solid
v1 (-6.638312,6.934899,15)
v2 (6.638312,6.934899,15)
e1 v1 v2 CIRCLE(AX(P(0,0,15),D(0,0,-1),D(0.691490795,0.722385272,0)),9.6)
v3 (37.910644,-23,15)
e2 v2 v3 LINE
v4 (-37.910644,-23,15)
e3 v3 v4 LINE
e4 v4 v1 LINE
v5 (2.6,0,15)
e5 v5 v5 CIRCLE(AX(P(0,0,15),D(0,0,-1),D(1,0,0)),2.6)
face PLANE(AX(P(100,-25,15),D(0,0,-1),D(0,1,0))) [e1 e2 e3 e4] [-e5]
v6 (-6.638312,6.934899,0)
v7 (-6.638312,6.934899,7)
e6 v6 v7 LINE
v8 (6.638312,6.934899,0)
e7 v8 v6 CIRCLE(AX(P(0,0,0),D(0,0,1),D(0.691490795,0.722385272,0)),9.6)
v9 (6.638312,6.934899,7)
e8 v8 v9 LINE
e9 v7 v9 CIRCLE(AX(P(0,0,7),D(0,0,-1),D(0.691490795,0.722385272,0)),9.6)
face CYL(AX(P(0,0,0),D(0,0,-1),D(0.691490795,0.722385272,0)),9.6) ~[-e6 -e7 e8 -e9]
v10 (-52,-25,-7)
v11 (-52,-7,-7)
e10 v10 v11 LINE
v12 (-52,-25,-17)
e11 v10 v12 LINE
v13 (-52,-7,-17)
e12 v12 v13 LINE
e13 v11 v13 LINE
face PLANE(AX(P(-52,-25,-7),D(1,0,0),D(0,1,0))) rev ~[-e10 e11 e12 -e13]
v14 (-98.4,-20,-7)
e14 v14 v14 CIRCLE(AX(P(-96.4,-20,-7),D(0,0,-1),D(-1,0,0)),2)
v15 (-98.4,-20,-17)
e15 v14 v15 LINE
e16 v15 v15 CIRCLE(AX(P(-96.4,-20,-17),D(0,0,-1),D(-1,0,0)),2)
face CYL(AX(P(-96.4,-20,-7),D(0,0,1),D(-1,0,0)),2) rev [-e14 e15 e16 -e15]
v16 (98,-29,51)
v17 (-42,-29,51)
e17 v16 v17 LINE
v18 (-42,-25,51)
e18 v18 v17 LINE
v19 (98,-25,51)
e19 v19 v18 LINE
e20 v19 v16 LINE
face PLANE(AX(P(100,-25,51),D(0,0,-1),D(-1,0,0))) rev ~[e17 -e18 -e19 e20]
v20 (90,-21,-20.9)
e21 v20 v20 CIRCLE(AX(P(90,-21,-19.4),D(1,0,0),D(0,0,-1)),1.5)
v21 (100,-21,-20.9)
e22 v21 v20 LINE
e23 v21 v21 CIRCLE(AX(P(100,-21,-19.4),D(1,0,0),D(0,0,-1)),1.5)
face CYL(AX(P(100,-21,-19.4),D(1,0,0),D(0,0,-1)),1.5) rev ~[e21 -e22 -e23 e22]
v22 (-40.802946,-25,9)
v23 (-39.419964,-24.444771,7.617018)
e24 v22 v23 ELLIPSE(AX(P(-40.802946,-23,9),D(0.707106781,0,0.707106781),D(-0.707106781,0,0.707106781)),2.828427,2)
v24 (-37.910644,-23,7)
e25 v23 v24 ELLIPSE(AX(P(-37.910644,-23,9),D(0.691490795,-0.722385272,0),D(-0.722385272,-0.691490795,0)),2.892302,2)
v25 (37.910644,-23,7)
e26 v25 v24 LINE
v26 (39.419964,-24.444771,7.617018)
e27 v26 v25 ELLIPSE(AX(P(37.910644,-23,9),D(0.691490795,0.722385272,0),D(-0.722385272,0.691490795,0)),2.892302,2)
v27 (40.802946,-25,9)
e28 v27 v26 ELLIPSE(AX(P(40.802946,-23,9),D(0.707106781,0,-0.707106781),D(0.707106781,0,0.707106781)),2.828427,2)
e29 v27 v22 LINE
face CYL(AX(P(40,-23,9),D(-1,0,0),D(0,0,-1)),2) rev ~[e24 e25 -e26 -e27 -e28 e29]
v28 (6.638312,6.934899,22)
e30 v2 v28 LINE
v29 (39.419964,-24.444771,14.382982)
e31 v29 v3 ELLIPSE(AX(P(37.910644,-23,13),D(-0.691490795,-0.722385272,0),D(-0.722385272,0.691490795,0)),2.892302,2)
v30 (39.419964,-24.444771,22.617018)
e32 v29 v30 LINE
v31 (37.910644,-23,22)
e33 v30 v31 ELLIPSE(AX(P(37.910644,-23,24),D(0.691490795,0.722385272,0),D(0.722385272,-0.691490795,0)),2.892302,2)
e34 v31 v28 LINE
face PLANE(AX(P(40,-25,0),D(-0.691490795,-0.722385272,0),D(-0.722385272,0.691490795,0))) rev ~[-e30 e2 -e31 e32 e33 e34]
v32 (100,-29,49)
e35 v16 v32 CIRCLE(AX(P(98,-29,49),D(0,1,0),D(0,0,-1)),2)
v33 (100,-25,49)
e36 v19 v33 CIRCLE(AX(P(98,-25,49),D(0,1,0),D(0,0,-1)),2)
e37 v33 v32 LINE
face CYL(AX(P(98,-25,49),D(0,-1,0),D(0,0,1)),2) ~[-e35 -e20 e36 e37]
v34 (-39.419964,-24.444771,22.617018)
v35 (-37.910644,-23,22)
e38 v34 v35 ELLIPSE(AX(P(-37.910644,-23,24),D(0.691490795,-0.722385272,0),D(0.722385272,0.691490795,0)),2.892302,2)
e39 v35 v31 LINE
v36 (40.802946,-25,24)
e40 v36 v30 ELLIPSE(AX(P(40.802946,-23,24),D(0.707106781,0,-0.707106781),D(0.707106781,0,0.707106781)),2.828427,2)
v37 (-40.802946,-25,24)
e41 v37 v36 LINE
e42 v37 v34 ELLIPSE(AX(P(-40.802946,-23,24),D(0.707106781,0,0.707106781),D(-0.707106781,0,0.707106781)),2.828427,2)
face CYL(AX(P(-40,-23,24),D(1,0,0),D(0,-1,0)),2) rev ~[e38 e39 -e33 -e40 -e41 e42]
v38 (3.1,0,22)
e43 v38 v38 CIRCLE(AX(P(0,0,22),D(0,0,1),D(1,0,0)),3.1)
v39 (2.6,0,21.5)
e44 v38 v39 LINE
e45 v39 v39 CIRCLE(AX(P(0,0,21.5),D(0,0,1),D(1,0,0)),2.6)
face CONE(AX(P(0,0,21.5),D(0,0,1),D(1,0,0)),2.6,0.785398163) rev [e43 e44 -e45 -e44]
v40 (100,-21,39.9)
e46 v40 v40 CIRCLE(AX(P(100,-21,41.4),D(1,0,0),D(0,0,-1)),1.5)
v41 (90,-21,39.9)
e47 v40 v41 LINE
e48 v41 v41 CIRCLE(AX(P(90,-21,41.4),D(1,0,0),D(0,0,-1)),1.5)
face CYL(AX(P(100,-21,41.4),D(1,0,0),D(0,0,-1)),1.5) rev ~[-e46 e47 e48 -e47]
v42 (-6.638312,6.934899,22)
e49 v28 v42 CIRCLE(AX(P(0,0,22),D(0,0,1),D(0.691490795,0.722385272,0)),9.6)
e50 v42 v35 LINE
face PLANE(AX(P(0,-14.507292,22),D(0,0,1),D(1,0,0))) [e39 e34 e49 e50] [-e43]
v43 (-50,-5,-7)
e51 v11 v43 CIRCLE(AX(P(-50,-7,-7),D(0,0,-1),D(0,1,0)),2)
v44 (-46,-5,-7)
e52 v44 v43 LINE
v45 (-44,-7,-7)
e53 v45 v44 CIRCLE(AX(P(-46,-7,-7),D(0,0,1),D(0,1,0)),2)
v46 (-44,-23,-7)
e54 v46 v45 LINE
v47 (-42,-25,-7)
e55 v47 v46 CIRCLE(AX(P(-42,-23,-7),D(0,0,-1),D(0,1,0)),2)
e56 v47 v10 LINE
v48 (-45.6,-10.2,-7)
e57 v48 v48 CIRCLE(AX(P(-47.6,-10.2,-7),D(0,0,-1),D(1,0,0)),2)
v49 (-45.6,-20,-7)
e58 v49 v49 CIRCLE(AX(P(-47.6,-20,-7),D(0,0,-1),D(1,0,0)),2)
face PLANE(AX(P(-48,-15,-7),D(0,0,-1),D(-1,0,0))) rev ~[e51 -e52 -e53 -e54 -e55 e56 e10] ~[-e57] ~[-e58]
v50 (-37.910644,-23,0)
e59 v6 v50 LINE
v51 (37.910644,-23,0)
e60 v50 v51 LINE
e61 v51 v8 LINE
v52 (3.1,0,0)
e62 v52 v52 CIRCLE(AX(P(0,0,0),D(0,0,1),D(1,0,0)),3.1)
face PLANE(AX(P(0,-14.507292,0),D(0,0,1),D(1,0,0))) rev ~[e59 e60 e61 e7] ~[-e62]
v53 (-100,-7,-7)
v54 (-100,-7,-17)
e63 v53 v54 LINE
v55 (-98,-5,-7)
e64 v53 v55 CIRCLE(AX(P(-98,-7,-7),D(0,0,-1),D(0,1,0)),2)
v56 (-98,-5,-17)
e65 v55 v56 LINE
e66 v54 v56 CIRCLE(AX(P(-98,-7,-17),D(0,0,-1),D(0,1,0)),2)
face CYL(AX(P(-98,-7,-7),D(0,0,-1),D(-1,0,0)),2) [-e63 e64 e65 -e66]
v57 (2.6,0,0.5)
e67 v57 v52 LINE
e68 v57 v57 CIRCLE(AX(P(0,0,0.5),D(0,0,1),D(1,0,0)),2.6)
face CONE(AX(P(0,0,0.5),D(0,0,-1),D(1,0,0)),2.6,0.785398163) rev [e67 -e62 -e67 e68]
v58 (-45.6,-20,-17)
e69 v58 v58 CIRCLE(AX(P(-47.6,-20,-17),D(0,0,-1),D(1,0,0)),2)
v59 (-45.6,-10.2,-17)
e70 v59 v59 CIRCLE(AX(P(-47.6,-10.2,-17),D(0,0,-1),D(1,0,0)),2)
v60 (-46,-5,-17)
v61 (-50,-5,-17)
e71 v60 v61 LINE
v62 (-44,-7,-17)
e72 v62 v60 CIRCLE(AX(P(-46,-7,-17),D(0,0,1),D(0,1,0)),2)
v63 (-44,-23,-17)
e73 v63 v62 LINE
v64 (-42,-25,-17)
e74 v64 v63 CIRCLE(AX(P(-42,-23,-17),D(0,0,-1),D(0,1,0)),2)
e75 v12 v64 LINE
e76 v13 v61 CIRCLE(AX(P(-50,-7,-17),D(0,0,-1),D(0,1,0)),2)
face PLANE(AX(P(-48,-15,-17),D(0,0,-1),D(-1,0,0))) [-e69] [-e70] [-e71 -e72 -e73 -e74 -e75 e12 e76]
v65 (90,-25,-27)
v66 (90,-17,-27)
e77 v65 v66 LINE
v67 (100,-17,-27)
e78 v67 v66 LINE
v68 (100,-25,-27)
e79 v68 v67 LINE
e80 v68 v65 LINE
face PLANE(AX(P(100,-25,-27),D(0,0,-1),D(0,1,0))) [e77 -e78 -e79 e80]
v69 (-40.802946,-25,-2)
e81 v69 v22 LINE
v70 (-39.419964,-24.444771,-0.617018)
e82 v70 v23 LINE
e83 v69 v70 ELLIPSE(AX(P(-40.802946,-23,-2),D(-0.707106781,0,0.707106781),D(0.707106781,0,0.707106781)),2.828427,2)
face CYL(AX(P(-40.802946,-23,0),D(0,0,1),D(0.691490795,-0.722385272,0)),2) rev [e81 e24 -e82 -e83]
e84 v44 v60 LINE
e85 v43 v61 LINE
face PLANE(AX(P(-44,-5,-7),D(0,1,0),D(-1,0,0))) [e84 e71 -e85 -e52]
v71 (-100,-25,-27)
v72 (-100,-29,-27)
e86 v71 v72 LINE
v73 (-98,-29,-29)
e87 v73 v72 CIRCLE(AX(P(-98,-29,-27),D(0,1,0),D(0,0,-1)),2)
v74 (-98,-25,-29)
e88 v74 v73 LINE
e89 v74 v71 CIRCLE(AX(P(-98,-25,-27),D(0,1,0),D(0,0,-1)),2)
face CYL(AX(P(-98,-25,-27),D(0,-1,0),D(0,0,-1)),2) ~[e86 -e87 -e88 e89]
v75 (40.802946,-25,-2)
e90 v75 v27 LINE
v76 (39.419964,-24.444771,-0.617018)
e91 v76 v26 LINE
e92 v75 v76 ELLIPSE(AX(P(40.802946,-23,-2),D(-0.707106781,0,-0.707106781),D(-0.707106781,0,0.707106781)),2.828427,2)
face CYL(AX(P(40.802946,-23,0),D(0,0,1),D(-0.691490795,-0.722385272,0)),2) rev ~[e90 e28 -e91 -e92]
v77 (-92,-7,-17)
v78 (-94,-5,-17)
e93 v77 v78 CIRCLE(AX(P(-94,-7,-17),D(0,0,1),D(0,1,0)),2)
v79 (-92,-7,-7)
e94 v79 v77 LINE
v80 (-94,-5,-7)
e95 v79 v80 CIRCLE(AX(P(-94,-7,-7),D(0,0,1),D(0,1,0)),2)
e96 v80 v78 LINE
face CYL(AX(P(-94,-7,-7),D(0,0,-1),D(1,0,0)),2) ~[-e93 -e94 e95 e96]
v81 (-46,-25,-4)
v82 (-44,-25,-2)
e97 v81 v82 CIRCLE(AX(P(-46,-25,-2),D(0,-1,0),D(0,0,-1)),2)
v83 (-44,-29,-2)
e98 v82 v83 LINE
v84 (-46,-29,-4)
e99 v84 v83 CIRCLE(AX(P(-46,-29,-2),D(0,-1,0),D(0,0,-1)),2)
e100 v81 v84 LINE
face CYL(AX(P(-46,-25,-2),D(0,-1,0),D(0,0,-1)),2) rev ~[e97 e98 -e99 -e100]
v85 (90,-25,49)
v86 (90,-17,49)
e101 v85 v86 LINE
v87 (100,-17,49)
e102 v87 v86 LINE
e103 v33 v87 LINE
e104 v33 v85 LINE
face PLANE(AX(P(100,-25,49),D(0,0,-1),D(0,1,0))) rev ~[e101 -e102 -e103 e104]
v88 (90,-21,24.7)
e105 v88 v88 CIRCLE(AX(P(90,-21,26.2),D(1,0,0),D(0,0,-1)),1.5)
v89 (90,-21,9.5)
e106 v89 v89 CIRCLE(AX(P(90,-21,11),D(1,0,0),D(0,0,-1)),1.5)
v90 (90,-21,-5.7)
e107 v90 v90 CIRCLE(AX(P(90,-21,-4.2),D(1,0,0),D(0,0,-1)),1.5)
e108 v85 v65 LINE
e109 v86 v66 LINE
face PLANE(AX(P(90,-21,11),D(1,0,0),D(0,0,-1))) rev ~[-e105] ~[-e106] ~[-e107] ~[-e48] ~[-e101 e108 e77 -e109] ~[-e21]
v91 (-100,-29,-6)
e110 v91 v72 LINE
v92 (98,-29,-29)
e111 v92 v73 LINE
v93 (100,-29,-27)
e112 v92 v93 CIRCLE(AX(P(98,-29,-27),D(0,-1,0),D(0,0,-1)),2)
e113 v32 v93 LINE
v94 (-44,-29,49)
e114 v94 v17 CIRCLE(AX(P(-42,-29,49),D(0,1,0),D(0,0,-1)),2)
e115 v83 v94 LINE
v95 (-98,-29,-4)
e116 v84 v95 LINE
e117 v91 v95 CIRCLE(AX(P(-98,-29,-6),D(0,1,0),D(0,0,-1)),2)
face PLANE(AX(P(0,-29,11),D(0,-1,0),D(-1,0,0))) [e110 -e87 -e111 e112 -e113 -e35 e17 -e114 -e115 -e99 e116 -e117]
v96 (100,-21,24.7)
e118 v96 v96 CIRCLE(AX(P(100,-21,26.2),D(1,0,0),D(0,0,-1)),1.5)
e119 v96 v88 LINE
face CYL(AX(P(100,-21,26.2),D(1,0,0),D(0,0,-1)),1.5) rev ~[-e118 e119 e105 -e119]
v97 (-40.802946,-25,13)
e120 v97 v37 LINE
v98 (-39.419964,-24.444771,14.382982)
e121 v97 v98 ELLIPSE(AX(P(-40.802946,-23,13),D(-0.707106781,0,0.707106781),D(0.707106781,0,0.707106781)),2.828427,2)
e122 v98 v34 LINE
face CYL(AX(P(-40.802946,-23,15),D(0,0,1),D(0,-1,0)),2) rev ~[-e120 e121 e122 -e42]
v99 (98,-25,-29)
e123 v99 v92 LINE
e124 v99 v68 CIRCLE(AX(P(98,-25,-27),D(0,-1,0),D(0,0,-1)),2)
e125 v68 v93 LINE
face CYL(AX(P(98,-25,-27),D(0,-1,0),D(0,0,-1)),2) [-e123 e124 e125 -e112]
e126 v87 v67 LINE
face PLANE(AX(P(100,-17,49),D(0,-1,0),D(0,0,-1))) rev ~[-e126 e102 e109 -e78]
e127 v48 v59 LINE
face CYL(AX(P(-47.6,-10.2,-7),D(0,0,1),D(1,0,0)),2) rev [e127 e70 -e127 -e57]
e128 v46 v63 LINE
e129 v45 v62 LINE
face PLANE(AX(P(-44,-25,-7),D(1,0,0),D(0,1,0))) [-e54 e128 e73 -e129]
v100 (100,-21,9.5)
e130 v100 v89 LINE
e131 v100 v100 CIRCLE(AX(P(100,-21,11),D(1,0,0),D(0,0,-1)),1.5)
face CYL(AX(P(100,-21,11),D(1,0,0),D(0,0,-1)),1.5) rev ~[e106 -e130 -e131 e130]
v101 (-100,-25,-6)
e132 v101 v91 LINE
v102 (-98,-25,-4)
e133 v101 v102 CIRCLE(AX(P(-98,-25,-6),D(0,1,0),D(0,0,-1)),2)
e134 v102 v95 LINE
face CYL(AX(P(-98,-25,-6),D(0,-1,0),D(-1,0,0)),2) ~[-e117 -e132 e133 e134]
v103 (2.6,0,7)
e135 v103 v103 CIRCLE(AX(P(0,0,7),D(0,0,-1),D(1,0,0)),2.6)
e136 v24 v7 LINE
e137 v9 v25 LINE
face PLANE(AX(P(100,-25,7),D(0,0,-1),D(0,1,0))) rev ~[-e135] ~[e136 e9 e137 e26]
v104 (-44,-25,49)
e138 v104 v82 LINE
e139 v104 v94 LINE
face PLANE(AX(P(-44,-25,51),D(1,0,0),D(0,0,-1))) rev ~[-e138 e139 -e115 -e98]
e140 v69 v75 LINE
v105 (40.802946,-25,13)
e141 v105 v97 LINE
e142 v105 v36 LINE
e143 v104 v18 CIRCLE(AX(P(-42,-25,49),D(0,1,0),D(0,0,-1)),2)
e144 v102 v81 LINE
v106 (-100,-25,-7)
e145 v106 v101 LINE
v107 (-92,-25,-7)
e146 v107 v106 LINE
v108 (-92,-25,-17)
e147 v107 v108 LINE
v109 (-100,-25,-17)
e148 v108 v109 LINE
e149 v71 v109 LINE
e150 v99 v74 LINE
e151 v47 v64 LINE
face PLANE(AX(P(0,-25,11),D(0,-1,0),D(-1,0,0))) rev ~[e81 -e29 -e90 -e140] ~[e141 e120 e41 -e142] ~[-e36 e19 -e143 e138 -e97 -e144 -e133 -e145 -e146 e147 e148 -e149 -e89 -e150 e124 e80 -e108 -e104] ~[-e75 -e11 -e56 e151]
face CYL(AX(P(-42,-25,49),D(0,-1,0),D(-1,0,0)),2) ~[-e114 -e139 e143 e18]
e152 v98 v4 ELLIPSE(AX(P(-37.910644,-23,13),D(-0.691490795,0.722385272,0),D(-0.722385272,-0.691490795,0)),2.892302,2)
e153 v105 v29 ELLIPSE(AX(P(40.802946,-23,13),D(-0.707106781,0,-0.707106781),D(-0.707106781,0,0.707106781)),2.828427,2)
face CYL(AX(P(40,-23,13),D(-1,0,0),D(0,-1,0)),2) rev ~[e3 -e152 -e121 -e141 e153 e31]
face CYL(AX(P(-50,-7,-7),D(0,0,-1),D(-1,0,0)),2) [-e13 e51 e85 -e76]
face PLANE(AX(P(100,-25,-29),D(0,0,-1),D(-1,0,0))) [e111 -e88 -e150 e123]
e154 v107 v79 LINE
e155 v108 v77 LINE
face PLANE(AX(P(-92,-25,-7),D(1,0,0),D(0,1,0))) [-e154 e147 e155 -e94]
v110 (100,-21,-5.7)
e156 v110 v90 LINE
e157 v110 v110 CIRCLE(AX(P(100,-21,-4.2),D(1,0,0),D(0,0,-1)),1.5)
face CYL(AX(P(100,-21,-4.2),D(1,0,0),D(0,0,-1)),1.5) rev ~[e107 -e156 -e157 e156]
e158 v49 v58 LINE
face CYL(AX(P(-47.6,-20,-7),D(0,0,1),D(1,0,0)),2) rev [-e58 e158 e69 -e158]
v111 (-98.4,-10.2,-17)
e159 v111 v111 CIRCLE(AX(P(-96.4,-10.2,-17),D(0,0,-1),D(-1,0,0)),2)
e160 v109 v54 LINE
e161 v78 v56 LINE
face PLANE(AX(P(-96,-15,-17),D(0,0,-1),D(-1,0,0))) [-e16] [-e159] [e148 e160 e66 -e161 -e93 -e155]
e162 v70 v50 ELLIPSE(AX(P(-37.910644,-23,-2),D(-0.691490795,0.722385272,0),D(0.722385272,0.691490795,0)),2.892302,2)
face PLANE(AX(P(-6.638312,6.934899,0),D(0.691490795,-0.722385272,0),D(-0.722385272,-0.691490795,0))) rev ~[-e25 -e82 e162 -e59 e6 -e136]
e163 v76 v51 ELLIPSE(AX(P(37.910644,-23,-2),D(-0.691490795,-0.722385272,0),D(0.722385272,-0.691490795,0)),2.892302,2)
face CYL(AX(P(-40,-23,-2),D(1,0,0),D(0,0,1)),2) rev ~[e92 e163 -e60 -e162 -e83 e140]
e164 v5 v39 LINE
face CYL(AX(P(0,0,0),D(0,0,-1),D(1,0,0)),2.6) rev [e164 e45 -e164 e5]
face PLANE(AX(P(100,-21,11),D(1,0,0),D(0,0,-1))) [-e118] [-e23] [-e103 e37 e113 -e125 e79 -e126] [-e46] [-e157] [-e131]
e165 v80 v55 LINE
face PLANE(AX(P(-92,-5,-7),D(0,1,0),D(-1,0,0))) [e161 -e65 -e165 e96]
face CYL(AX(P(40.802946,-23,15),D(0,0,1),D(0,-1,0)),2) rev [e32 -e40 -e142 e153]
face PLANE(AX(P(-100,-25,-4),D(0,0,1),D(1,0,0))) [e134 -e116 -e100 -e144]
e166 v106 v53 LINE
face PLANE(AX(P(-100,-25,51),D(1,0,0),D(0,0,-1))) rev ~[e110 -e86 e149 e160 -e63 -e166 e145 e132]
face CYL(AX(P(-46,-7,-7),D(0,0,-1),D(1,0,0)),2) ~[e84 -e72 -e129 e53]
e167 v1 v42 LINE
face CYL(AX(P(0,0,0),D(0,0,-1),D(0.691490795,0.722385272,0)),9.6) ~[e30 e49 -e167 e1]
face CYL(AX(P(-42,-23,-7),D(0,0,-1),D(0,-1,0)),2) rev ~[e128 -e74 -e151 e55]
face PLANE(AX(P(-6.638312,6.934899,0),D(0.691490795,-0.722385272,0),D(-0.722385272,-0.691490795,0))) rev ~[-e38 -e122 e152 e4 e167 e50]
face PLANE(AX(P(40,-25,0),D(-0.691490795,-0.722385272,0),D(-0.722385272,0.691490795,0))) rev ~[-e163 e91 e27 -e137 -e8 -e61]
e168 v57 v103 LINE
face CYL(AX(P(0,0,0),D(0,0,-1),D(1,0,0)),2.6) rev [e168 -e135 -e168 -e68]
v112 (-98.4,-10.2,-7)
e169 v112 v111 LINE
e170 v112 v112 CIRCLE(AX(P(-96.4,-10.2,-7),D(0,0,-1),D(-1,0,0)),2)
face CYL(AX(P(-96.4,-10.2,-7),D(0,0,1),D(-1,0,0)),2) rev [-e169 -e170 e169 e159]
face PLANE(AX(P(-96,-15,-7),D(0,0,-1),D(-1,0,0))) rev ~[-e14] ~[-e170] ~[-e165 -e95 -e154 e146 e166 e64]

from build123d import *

# Parameters (mm, degrees)
SKETCH1_R           = 2.6
BOSS_EXTRUDE1_DEPTH = 22
SKETCH2_W           = 200
SKETCH2_H           = 80
BOSS_EXTRUDE2_DEPTH = 4
SKETCH3_W           = 8
SKETCH3_H           = 35
CUT_EXTRUDE1_DEPTH  = 209.42744541
CHAMFER1_SIZE       = 0.5
BOSS_EXTRUDE3_START = -22
SKETCH4_W           = 8
SKETCH4_H           = 20
SKETCH4_R           = 2
BOSS_EXTRUDE3_DEPTH = 10
SKETCH5_W           = 56
SKETCH5_H           = 55
CUT_EXTRUDE2_DEPTH  = 7
FILLET1_R           = 2
SKETCH7_W           = 76
SKETCH7_H           = 8
SKETCH7_R           = 1.5
BOSS_EXTRUDE4_DEPTH = 10


with BuildPart() as part:
    # Sketch1 → Boss-Extrude1 (new body)
    with BuildSketch(Plane.XY):
        with BuildLine():
            Line((-6.63831163, 6.934898608), (-40, -25))
            Line((-40, -25), (40, -25))
            Line((40, -25), (6.63831163, 6.934898608))
            ThreePointArc((6.63831163, 6.934898608), (0, 9.6), (-6.63831163, 6.934898608))
        make_face()
        Circle(SKETCH1_R, mode=Mode.SUBTRACT)
    extrude(amount=BOSS_EXTRUDE1_DEPTH)

    # Sketch2 → Boss-Extrude2 (add)
    with BuildSketch(Plane(origin=(0, -25, 0), x_dir=(-1, 0, 0), z_dir=(0, -1, 0))):
        with Locations((0, -11)):
            Rectangle(SKETCH2_W, SKETCH2_H)
    extrude(amount=BOSS_EXTRUDE2_DEPTH)

    # Sketch3 → Cut-Extrude1 (cut, through all)
    with BuildSketch(Plane(origin=(100, 0, 0), x_dir=(0, 0, -1), z_dir=(1, 0, 0))):
        with Locations((-11, -7.5)):
            Rectangle(SKETCH3_W, SKETCH3_H)
    extrude(amount=-CUT_EXTRUDE1_DEPTH, mode=Mode.SUBTRACT)

    # Chamfer1
    chamfer1_edges = [part.edges().sort_by_distance(p)[0] for p in [
        (-2.6, 0, 0),
        (-2.6, 0, 22),
    ]]
    chamfer(chamfer1_edges, length=CHAMFER1_SIZE)

    # Sketch4 → Boss-Extrude3 (add)
    # profile 1 of 2: a face of its own
    with BuildSketch(Plane(origin=(0, 0, -29), x_dir=(-1, 0, 0), z_dir=(0, 0, -1)).offset(BOSS_EXTRUDE3_START)):
        with Locations((96, -15)):
            Rectangle(SKETCH4_W, SKETCH4_H)
        with Locations((96.4, -20)):
            Circle(SKETCH4_R, mode=Mode.SUBTRACT)
        with Locations((96.4, -10.2)):
            Circle(SKETCH4_R, mode=Mode.SUBTRACT)
    # profile 2 of 2: a face of its own
    with BuildSketch(Plane(origin=(0, 0, -29), x_dir=(-1, 0, 0), z_dir=(0, 0, -1)).offset(BOSS_EXTRUDE3_START)):
        with Locations((48, -15)):
            Rectangle(SKETCH4_W, SKETCH4_H)
        with Locations(Location((47.6, -20, 0), (0, 0, 180))):
            Circle(SKETCH4_R, mode=Mode.SUBTRACT)
        with Locations(Location((47.6, -10.2, 0), (0, 0, 180))):
            Circle(SKETCH4_R, mode=Mode.SUBTRACT)
    extrude(amount=BOSS_EXTRUDE3_DEPTH)

    # Sketch5 → Cut-Extrude2 (cut)
    with BuildSketch(Plane(origin=(0, -25, 0), x_dir=(1, 0, 0), z_dir=(0, 1, 0))):
        with Locations((-72, -23.5)):
            Rectangle(SKETCH5_W, SKETCH5_H)
    extrude(amount=-CUT_EXTRUDE2_DEPTH, mode=Mode.SUBTRACT)

    # Fillet1
    fillet1_edges = [part.edges().sort_by_distance(p)[0] for p in [
        (-100, -5, -12),
        (-92, -5, -12),
        (-44, -5, -12),
        (-52, -5, -12),
        (-44, -25, -12),
        (0, -25, 0),
        (0, -25, 15),
        (-40, -25, 18.5),
        (0, -25, 7),
        (-40, -25, 3.5),
        (0, -25, 22),
        (40, -25, 3.5),
        (40, -25, 18.5),
        (100, -27, -29),
        (100, -27, 51),
        (-100, -27, -29),
        (-44, -27, -4),
        (-44, -27, 51),
        (-100, -27, -4),
    ]]
    fillet(fillet1_edges, radius=FILLET1_R)

    # Sketch7 → Boss-Extrude4 (add)
    with BuildSketch(Plane(origin=(100, 0, 0), x_dir=(0, 0, -1), z_dir=(1, 0, 0))):
        with Locations((-11, -21)):
            Rectangle(SKETCH7_W, SKETCH7_H)
        with Locations((-41.4, -21)):
            Circle(SKETCH7_R, mode=Mode.SUBTRACT)
        with Locations((-26.2, -21)):
            Circle(SKETCH7_R, mode=Mode.SUBTRACT)
        with Locations((-11, -21)):
            Circle(SKETCH7_R, mode=Mode.SUBTRACT)
        with Locations((4.2, -21)):
            Circle(SKETCH7_R, mode=Mode.SUBTRACT)
        with Locations((19.4, -21)):
            Circle(SKETCH7_R, mode=Mode.SUBTRACT)
    extrude(amount=-BOSS_EXTRUDE4_DEPTH)


solid = part.part
